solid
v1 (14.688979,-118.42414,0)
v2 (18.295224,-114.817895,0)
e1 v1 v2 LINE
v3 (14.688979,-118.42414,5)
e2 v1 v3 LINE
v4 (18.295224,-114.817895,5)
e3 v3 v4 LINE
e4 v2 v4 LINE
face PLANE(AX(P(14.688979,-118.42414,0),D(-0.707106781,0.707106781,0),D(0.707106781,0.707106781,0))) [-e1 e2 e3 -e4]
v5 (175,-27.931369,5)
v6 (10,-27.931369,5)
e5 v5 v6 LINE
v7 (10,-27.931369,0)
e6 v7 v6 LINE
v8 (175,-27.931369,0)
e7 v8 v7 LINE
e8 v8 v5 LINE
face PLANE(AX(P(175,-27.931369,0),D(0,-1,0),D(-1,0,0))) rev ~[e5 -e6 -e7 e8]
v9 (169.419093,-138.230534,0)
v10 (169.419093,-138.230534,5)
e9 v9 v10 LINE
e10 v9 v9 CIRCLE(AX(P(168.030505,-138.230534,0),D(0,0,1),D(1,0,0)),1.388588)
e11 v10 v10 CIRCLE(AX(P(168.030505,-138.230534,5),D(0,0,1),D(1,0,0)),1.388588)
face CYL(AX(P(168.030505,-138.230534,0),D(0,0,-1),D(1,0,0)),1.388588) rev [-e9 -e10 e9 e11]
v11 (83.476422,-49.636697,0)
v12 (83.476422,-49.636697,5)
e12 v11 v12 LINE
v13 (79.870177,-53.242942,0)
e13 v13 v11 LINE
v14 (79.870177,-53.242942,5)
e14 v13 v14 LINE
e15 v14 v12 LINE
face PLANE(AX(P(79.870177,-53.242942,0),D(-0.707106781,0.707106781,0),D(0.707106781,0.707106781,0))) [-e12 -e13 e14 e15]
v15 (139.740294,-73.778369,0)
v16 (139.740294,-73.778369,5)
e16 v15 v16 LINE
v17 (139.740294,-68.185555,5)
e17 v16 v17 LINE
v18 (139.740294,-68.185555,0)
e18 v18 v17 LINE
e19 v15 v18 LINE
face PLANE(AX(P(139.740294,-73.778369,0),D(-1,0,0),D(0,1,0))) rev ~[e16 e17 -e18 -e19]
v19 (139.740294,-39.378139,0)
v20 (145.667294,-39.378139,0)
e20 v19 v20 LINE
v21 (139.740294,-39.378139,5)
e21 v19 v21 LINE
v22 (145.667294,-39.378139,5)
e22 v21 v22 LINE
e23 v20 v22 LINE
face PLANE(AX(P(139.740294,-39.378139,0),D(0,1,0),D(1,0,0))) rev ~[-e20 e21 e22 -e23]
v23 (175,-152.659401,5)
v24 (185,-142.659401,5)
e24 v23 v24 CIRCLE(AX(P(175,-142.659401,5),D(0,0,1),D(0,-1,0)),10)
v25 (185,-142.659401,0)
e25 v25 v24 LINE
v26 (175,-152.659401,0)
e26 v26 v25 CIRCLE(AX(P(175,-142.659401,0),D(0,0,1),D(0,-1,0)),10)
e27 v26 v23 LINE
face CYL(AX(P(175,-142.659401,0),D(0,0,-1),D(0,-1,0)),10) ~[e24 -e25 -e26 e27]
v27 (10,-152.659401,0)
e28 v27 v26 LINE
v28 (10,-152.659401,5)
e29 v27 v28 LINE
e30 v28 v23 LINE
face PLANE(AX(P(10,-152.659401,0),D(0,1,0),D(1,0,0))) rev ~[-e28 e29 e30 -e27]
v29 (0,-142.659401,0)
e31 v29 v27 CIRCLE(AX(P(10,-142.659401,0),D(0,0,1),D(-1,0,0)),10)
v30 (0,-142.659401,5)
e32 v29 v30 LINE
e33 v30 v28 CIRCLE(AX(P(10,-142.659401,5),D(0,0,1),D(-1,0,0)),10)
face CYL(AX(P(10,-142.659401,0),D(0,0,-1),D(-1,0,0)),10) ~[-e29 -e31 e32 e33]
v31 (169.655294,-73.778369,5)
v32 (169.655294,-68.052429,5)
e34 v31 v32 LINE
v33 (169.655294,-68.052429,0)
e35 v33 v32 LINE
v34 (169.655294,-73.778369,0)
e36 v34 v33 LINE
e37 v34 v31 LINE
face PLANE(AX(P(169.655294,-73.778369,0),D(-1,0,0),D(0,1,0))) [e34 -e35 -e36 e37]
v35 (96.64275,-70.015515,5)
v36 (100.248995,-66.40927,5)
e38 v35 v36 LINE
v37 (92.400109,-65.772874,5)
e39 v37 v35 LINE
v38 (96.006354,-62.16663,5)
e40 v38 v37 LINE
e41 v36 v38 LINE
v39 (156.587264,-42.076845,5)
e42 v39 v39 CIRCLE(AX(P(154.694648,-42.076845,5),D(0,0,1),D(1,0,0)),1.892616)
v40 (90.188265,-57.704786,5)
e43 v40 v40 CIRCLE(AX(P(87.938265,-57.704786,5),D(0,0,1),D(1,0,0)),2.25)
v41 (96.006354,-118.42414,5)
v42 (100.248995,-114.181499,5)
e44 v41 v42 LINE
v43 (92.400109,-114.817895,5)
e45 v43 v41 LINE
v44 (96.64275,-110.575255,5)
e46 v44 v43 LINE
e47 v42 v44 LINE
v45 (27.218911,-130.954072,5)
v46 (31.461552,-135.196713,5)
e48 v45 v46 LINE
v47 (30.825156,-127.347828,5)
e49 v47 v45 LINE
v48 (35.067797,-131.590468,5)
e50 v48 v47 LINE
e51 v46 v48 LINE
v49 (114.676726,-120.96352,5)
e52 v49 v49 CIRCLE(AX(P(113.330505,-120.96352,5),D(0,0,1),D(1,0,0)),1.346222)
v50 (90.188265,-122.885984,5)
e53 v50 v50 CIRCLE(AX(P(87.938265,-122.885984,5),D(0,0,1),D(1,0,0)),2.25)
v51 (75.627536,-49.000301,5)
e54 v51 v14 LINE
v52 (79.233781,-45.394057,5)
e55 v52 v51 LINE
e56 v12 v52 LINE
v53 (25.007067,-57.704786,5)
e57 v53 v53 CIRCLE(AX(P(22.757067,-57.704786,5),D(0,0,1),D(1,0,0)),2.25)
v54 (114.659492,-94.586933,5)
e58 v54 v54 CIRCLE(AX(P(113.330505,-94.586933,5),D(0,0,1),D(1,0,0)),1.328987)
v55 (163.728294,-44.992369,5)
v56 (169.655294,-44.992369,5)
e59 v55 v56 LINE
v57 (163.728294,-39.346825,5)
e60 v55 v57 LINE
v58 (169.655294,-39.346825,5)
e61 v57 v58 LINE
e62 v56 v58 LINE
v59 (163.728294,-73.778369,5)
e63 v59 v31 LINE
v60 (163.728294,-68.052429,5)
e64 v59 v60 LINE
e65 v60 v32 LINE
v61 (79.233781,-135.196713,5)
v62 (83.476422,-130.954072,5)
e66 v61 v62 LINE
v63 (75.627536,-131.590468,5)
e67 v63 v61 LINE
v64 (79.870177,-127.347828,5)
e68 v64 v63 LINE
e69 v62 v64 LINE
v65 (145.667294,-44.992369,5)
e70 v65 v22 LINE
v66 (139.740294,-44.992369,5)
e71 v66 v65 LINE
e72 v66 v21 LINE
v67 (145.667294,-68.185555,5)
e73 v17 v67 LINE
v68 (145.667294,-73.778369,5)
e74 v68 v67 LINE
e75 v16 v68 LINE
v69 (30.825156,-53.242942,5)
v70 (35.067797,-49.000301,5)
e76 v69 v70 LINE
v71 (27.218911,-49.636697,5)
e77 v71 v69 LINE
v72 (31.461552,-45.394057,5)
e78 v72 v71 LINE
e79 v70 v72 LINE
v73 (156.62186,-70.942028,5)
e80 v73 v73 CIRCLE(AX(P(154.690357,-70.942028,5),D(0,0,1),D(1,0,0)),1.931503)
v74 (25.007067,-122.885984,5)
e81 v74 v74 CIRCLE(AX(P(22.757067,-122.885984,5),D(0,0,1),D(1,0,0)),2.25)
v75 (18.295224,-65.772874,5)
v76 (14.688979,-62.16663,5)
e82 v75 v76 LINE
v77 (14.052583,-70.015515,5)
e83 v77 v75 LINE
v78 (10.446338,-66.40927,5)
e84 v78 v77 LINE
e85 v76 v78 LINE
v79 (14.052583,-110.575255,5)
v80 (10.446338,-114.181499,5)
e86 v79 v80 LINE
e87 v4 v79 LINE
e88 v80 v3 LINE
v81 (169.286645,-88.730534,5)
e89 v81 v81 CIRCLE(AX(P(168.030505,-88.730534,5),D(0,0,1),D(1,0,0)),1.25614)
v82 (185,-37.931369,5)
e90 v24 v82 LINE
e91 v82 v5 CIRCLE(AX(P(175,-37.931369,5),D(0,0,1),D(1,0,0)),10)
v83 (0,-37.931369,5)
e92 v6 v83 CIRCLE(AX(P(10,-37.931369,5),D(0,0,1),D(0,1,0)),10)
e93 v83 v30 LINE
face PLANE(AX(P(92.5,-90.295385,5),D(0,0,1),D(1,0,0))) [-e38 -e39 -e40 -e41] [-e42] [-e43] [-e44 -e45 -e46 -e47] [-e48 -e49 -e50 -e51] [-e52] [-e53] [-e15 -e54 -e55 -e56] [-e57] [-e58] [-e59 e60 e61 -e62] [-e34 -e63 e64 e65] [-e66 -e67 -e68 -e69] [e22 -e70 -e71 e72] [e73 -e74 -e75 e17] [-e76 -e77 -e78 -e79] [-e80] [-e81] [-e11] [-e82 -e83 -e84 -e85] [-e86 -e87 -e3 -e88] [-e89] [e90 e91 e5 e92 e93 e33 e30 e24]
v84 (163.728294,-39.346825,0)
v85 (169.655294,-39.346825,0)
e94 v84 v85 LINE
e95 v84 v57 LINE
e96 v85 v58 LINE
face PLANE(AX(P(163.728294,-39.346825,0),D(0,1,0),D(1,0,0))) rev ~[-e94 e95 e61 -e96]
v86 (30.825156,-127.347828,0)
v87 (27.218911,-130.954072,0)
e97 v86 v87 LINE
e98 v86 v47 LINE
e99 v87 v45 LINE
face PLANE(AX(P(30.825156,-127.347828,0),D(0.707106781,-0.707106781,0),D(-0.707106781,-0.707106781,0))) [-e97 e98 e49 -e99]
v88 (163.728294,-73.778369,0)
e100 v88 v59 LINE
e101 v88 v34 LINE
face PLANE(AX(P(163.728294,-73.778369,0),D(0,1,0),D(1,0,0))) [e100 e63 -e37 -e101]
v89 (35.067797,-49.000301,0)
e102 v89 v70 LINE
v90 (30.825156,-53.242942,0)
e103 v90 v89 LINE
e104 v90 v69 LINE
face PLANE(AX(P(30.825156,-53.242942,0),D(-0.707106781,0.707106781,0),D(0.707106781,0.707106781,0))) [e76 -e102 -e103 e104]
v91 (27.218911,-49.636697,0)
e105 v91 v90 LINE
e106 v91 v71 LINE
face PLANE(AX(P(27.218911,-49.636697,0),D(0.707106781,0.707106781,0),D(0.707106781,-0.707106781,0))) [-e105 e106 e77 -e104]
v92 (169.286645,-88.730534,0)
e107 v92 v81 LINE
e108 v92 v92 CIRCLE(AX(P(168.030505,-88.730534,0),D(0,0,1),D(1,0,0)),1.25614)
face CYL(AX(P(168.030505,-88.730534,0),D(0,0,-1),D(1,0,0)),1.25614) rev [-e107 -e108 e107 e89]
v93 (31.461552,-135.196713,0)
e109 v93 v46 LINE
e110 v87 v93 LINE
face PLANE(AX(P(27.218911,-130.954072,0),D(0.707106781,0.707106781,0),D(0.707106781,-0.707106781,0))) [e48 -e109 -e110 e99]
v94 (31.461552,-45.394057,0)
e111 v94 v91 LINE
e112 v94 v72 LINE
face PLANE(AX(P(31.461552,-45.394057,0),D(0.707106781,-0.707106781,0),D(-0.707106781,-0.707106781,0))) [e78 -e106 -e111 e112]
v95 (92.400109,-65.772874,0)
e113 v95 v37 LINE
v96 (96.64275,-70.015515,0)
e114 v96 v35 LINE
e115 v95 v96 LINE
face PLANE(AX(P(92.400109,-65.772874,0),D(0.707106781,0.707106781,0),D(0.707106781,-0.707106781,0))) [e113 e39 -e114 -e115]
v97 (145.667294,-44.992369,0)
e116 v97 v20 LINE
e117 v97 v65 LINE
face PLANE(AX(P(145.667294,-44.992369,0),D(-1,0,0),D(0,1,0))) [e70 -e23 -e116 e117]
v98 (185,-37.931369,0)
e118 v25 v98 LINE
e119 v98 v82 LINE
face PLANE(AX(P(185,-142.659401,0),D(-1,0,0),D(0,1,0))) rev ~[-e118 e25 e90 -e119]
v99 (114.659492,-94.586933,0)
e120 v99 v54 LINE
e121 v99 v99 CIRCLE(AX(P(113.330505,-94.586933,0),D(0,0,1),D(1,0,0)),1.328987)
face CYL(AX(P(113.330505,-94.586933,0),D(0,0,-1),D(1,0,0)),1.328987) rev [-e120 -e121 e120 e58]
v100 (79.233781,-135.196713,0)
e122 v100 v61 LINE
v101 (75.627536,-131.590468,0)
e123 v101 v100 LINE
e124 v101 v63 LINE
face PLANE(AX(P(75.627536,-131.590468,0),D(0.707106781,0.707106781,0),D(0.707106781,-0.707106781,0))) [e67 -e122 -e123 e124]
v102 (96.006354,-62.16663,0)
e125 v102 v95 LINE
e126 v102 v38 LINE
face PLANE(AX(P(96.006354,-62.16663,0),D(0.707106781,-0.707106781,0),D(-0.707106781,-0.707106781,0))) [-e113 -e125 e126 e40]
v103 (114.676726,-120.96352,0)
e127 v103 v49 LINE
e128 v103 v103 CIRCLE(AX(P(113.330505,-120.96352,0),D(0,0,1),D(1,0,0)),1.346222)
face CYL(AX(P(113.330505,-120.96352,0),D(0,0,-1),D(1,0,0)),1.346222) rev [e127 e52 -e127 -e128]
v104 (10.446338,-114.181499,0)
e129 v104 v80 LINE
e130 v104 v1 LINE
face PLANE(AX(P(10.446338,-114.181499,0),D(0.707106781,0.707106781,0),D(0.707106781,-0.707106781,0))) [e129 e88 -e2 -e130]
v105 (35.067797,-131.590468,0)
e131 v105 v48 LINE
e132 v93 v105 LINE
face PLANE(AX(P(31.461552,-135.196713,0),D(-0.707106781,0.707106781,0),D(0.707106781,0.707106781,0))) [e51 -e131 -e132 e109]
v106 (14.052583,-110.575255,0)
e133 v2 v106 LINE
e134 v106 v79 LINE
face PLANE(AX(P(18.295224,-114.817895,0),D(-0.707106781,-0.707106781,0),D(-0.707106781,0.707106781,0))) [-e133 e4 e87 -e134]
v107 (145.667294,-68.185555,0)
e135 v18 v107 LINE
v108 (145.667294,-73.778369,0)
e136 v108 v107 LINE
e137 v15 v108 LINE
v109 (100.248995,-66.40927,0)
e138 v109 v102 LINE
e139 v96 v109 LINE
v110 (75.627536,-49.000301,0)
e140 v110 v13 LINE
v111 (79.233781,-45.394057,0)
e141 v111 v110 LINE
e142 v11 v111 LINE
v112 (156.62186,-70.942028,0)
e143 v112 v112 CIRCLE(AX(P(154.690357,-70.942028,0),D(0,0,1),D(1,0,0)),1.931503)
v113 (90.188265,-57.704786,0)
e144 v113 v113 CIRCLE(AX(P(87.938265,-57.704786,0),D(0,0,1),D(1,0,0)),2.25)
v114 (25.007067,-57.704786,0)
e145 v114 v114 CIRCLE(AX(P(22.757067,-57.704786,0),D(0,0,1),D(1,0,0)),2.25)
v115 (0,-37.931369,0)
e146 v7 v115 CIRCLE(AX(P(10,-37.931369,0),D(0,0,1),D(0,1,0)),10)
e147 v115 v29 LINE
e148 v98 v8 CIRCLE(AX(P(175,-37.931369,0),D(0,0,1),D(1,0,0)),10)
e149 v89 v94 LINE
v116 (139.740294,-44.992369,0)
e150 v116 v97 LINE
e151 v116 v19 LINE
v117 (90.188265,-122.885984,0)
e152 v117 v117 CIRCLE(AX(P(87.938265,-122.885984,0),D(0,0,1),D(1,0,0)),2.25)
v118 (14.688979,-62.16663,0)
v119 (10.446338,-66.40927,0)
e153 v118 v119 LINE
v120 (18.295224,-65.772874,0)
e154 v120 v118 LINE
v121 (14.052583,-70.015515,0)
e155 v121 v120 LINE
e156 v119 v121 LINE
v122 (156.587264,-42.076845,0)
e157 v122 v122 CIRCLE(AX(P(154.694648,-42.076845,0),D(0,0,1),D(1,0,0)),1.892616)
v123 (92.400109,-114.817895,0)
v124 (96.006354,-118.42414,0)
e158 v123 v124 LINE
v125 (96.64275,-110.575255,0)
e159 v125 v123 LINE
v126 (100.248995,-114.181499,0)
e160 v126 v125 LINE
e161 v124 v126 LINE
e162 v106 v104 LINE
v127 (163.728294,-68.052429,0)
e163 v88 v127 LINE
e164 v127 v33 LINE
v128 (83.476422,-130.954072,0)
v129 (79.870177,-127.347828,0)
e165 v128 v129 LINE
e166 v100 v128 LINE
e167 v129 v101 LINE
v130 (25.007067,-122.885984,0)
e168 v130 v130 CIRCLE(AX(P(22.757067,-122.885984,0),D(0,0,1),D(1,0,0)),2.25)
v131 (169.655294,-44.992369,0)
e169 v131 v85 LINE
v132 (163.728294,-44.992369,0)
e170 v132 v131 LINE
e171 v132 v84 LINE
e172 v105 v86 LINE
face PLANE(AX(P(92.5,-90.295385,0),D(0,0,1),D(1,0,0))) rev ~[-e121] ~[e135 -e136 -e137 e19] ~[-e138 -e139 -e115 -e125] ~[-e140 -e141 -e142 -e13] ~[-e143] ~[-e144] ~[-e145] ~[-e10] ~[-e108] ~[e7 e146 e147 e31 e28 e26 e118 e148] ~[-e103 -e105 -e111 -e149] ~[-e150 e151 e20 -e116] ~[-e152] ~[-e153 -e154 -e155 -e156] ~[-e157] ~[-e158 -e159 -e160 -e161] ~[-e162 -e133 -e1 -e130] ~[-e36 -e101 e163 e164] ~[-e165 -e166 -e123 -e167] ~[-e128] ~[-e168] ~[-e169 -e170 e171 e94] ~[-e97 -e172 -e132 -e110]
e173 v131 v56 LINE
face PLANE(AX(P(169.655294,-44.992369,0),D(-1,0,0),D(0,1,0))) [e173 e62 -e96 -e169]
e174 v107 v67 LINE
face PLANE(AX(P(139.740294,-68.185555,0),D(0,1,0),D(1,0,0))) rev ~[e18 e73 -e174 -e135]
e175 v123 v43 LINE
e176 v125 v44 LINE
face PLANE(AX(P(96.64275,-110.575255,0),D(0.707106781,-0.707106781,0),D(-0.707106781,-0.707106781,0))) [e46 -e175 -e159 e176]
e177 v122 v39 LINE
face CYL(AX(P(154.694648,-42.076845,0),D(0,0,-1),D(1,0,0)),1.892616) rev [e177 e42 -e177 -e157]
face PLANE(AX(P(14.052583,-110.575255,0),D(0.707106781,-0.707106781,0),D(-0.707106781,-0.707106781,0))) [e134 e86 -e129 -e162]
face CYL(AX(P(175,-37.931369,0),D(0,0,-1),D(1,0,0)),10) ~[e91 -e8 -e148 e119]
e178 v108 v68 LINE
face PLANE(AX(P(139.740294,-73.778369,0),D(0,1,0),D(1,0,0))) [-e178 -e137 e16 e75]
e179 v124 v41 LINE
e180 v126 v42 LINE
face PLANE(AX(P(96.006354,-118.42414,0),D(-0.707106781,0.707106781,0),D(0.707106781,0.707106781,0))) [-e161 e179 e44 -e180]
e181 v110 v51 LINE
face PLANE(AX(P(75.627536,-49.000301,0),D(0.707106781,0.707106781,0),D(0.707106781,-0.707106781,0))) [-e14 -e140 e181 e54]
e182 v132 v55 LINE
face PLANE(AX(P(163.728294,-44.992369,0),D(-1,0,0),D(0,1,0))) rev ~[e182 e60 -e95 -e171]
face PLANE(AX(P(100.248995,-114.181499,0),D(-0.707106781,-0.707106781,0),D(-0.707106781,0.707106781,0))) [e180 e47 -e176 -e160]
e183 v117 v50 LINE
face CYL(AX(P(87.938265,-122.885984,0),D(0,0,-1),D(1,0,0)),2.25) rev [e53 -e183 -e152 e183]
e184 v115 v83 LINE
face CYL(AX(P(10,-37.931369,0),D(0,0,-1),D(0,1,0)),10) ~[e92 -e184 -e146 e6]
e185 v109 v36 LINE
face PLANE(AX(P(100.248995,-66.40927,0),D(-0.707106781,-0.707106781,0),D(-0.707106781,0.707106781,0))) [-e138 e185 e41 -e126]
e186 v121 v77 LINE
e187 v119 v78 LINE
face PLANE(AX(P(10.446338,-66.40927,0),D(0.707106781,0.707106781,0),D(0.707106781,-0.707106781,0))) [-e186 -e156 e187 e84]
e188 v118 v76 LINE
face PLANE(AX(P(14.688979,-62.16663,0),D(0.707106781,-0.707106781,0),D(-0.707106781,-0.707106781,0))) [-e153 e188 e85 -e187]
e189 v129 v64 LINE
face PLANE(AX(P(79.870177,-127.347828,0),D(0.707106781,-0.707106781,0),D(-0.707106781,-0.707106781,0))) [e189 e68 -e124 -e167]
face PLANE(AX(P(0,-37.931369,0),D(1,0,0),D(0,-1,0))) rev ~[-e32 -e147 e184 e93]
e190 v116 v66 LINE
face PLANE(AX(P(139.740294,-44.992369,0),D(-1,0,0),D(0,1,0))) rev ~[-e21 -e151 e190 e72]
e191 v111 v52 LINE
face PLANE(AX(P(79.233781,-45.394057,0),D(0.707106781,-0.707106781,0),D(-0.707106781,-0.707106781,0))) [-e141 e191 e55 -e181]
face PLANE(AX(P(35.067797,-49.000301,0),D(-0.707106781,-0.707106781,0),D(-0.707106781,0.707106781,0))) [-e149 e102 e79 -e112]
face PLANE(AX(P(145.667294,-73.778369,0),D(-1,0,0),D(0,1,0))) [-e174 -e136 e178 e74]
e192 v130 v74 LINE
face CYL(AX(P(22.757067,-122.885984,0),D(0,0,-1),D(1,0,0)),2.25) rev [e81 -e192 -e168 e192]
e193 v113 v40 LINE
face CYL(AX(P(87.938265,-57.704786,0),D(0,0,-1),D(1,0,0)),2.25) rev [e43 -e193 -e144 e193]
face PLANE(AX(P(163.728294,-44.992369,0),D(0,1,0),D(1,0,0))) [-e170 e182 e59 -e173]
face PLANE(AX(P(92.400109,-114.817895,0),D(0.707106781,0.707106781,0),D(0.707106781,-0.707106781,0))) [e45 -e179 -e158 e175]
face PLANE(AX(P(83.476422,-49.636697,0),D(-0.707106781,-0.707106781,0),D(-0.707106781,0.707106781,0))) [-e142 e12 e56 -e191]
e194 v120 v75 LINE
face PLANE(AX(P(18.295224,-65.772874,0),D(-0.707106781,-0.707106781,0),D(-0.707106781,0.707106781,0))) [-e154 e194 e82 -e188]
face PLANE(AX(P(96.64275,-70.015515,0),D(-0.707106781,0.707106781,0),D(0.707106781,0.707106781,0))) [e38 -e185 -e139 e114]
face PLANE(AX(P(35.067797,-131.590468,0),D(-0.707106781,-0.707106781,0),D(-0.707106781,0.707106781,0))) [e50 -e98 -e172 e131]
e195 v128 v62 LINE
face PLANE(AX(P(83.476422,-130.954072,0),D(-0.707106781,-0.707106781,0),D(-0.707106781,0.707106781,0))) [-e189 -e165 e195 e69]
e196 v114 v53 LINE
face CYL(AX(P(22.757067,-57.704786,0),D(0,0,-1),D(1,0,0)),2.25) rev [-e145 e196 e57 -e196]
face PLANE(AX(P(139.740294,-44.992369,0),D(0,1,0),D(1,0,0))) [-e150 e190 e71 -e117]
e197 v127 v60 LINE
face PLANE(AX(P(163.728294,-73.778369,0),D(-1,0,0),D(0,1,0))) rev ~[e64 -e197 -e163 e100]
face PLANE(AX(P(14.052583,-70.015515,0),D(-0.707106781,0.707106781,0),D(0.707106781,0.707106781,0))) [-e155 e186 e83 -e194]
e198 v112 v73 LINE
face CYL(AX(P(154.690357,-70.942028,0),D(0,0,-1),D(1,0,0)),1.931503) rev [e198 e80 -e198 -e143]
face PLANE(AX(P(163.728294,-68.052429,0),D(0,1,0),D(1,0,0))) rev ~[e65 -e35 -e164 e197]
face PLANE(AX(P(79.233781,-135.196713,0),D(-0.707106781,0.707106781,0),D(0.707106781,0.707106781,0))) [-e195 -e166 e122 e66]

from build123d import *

# Parameters (mm, degrees)
SKETCH2_R           = 1.892615742
SKETCH2_R_2         = 1.931502603
SKETCH2_R_3         = 1.328987324
SKETCH2_R_4         = 1.256139718
SKETCH2_R_5         = 2.25
SKETCH2_R_6         = 1.346221639
SKETCH2_R_7         = 1.388588177
SKETCH2_W           = 5.927
SKETCH2_H           = 5.645543841
SKETCH2_H_2         = 5.614229543
SKETCH2_H_3         = 5.725940204
SKETCH2_H_4         = 5.592813932
BOSS_EXTRUDE3_DEPTH = 5


with BuildPart() as part:
    # Sketch2 → Boss-Extrude3 (new body)
    with BuildSketch(Plane.XY):
        with BuildLine():
            Line((185, -142.659400732), (185, -37.931368938))
            ThreePointArc((185, -37.931368938), (182.071067812, -30.860301126), (175, -27.931368938))
            Line((175, -27.931368938), (10, -27.931368938))
            ThreePointArc((10, -27.931368938), (2.928932188, -30.860301126), (0, -37.931368938))
            Line((0, -37.931368938), (0, -142.659400732))
            ThreePointArc((0, -142.659400732), (2.928932188, -149.730468544), (10, -152.659400732))
            Line((10, -152.659400732), (175, -152.659400732))
            ThreePointArc((175, -152.659400732), (182.071067812, -149.730468544), (185, -142.659400732))
        make_face()
        with Locations((154.694647781, -42.076845181)):
            Circle(SKETCH2_R, mode=Mode.SUBTRACT)
        with Locations((154.690357003, -70.942028449)):
            Circle(SKETCH2_R_2, mode=Mode.SUBTRACT)
        with Locations((113.33050486, -94.586932903)):
            Circle(SKETCH2_R_3, mode=Mode.SUBTRACT)
        with Locations((168.03050486, -88.730534378)):
            Circle(SKETCH2_R_4, mode=Mode.SUBTRACT)
        with Locations((22.757067444, -122.885983842)):
            Circle(SKETCH2_R_5, mode=Mode.SUBTRACT)
        with Locations((113.33050486, -120.963520008)):
            Circle(SKETCH2_R_6, mode=Mode.SUBTRACT)
        with Locations((168.03050486, -138.230534378)):
            Circle(SKETCH2_R_7, mode=Mode.SUBTRACT)
        with Locations((87.938265458, -122.885983842)):
            Circle(SKETCH2_R_5, mode=Mode.SUBTRACT)
        with Locations((87.938265458, -57.704785828)):
            Circle(SKETCH2_R_5, mode=Mode.SUBTRACT)
        with Locations((22.757067444, -57.704785828)):
            Circle(SKETCH2_R_5, mode=Mode.SUBTRACT)
        with Locations((166.691794259, -42.169597018)):
            Rectangle(SKETCH2_W, SKETCH2_H, mode=Mode.SUBTRACT)
        with Locations((142.703794259, -42.185254167)):
            Rectangle(SKETCH2_W, SKETCH2_H_2, mode=Mode.SUBTRACT)
        with Locations((166.691794259, -70.915398836)):
            Rectangle(SKETCH2_W, SKETCH2_H_3, mode=Mode.SUBTRACT)
        with Locations((142.703794259, -70.981961972)):
            Rectangle(SKETCH2_W, SKETCH2_H_4, mode=Mode.SUBTRACT)
        Polygon((10.446338383, -114.181499366), (14.68897907, -118.424140053), (18.295223654, -114.817895469), (14.052582967, -110.575254782), align=None, mode=Mode.SUBTRACT)
        Polygon((35.067796504, -131.590468319), (30.825155817, -127.347827632), (27.218911233, -130.954072216), (31.46155192, -135.196712903), align=None, mode=Mode.SUBTRACT)
        Polygon((96.642749934, -110.575254782), (92.400109247, -114.817895469), (96.006353831, -118.424140053), (100.248994518, -114.181499366), align=None, mode=Mode.SUBTRACT)
        Polygon((79.233780981, -135.196712903), (83.476421669, -130.954072216), (79.870177084, -127.347827632), (75.627536397, -131.590468319), align=None, mode=Mode.SUBTRACT)
        Polygon((75.627536397, -49.000301352), (79.870177084, -53.242942039), (83.476421669, -49.636697455), (79.233780981, -45.394056768), align=None, mode=Mode.SUBTRACT)
        Polygon((100.248994518, -66.409270305), (96.006353831, -62.166629618), (92.400109247, -65.772874202), (96.642749934, -70.015514889), align=None, mode=Mode.SUBTRACT)
        Polygon((31.46155192, -45.394056768), (27.218911233, -49.636697455), (30.825155817, -53.242942039), (35.067796504, -49.000301352), align=None, mode=Mode.SUBTRACT)
        Polygon((14.052582967, -70.015514889), (18.295223654, -65.772874202), (14.68897907, -62.166629618), (10.446338383, -66.409270305), align=None, mode=Mode.SUBTRACT)
    extrude(amount=BOSS_EXTRUDE3_DEPTH)


solid = part.part
